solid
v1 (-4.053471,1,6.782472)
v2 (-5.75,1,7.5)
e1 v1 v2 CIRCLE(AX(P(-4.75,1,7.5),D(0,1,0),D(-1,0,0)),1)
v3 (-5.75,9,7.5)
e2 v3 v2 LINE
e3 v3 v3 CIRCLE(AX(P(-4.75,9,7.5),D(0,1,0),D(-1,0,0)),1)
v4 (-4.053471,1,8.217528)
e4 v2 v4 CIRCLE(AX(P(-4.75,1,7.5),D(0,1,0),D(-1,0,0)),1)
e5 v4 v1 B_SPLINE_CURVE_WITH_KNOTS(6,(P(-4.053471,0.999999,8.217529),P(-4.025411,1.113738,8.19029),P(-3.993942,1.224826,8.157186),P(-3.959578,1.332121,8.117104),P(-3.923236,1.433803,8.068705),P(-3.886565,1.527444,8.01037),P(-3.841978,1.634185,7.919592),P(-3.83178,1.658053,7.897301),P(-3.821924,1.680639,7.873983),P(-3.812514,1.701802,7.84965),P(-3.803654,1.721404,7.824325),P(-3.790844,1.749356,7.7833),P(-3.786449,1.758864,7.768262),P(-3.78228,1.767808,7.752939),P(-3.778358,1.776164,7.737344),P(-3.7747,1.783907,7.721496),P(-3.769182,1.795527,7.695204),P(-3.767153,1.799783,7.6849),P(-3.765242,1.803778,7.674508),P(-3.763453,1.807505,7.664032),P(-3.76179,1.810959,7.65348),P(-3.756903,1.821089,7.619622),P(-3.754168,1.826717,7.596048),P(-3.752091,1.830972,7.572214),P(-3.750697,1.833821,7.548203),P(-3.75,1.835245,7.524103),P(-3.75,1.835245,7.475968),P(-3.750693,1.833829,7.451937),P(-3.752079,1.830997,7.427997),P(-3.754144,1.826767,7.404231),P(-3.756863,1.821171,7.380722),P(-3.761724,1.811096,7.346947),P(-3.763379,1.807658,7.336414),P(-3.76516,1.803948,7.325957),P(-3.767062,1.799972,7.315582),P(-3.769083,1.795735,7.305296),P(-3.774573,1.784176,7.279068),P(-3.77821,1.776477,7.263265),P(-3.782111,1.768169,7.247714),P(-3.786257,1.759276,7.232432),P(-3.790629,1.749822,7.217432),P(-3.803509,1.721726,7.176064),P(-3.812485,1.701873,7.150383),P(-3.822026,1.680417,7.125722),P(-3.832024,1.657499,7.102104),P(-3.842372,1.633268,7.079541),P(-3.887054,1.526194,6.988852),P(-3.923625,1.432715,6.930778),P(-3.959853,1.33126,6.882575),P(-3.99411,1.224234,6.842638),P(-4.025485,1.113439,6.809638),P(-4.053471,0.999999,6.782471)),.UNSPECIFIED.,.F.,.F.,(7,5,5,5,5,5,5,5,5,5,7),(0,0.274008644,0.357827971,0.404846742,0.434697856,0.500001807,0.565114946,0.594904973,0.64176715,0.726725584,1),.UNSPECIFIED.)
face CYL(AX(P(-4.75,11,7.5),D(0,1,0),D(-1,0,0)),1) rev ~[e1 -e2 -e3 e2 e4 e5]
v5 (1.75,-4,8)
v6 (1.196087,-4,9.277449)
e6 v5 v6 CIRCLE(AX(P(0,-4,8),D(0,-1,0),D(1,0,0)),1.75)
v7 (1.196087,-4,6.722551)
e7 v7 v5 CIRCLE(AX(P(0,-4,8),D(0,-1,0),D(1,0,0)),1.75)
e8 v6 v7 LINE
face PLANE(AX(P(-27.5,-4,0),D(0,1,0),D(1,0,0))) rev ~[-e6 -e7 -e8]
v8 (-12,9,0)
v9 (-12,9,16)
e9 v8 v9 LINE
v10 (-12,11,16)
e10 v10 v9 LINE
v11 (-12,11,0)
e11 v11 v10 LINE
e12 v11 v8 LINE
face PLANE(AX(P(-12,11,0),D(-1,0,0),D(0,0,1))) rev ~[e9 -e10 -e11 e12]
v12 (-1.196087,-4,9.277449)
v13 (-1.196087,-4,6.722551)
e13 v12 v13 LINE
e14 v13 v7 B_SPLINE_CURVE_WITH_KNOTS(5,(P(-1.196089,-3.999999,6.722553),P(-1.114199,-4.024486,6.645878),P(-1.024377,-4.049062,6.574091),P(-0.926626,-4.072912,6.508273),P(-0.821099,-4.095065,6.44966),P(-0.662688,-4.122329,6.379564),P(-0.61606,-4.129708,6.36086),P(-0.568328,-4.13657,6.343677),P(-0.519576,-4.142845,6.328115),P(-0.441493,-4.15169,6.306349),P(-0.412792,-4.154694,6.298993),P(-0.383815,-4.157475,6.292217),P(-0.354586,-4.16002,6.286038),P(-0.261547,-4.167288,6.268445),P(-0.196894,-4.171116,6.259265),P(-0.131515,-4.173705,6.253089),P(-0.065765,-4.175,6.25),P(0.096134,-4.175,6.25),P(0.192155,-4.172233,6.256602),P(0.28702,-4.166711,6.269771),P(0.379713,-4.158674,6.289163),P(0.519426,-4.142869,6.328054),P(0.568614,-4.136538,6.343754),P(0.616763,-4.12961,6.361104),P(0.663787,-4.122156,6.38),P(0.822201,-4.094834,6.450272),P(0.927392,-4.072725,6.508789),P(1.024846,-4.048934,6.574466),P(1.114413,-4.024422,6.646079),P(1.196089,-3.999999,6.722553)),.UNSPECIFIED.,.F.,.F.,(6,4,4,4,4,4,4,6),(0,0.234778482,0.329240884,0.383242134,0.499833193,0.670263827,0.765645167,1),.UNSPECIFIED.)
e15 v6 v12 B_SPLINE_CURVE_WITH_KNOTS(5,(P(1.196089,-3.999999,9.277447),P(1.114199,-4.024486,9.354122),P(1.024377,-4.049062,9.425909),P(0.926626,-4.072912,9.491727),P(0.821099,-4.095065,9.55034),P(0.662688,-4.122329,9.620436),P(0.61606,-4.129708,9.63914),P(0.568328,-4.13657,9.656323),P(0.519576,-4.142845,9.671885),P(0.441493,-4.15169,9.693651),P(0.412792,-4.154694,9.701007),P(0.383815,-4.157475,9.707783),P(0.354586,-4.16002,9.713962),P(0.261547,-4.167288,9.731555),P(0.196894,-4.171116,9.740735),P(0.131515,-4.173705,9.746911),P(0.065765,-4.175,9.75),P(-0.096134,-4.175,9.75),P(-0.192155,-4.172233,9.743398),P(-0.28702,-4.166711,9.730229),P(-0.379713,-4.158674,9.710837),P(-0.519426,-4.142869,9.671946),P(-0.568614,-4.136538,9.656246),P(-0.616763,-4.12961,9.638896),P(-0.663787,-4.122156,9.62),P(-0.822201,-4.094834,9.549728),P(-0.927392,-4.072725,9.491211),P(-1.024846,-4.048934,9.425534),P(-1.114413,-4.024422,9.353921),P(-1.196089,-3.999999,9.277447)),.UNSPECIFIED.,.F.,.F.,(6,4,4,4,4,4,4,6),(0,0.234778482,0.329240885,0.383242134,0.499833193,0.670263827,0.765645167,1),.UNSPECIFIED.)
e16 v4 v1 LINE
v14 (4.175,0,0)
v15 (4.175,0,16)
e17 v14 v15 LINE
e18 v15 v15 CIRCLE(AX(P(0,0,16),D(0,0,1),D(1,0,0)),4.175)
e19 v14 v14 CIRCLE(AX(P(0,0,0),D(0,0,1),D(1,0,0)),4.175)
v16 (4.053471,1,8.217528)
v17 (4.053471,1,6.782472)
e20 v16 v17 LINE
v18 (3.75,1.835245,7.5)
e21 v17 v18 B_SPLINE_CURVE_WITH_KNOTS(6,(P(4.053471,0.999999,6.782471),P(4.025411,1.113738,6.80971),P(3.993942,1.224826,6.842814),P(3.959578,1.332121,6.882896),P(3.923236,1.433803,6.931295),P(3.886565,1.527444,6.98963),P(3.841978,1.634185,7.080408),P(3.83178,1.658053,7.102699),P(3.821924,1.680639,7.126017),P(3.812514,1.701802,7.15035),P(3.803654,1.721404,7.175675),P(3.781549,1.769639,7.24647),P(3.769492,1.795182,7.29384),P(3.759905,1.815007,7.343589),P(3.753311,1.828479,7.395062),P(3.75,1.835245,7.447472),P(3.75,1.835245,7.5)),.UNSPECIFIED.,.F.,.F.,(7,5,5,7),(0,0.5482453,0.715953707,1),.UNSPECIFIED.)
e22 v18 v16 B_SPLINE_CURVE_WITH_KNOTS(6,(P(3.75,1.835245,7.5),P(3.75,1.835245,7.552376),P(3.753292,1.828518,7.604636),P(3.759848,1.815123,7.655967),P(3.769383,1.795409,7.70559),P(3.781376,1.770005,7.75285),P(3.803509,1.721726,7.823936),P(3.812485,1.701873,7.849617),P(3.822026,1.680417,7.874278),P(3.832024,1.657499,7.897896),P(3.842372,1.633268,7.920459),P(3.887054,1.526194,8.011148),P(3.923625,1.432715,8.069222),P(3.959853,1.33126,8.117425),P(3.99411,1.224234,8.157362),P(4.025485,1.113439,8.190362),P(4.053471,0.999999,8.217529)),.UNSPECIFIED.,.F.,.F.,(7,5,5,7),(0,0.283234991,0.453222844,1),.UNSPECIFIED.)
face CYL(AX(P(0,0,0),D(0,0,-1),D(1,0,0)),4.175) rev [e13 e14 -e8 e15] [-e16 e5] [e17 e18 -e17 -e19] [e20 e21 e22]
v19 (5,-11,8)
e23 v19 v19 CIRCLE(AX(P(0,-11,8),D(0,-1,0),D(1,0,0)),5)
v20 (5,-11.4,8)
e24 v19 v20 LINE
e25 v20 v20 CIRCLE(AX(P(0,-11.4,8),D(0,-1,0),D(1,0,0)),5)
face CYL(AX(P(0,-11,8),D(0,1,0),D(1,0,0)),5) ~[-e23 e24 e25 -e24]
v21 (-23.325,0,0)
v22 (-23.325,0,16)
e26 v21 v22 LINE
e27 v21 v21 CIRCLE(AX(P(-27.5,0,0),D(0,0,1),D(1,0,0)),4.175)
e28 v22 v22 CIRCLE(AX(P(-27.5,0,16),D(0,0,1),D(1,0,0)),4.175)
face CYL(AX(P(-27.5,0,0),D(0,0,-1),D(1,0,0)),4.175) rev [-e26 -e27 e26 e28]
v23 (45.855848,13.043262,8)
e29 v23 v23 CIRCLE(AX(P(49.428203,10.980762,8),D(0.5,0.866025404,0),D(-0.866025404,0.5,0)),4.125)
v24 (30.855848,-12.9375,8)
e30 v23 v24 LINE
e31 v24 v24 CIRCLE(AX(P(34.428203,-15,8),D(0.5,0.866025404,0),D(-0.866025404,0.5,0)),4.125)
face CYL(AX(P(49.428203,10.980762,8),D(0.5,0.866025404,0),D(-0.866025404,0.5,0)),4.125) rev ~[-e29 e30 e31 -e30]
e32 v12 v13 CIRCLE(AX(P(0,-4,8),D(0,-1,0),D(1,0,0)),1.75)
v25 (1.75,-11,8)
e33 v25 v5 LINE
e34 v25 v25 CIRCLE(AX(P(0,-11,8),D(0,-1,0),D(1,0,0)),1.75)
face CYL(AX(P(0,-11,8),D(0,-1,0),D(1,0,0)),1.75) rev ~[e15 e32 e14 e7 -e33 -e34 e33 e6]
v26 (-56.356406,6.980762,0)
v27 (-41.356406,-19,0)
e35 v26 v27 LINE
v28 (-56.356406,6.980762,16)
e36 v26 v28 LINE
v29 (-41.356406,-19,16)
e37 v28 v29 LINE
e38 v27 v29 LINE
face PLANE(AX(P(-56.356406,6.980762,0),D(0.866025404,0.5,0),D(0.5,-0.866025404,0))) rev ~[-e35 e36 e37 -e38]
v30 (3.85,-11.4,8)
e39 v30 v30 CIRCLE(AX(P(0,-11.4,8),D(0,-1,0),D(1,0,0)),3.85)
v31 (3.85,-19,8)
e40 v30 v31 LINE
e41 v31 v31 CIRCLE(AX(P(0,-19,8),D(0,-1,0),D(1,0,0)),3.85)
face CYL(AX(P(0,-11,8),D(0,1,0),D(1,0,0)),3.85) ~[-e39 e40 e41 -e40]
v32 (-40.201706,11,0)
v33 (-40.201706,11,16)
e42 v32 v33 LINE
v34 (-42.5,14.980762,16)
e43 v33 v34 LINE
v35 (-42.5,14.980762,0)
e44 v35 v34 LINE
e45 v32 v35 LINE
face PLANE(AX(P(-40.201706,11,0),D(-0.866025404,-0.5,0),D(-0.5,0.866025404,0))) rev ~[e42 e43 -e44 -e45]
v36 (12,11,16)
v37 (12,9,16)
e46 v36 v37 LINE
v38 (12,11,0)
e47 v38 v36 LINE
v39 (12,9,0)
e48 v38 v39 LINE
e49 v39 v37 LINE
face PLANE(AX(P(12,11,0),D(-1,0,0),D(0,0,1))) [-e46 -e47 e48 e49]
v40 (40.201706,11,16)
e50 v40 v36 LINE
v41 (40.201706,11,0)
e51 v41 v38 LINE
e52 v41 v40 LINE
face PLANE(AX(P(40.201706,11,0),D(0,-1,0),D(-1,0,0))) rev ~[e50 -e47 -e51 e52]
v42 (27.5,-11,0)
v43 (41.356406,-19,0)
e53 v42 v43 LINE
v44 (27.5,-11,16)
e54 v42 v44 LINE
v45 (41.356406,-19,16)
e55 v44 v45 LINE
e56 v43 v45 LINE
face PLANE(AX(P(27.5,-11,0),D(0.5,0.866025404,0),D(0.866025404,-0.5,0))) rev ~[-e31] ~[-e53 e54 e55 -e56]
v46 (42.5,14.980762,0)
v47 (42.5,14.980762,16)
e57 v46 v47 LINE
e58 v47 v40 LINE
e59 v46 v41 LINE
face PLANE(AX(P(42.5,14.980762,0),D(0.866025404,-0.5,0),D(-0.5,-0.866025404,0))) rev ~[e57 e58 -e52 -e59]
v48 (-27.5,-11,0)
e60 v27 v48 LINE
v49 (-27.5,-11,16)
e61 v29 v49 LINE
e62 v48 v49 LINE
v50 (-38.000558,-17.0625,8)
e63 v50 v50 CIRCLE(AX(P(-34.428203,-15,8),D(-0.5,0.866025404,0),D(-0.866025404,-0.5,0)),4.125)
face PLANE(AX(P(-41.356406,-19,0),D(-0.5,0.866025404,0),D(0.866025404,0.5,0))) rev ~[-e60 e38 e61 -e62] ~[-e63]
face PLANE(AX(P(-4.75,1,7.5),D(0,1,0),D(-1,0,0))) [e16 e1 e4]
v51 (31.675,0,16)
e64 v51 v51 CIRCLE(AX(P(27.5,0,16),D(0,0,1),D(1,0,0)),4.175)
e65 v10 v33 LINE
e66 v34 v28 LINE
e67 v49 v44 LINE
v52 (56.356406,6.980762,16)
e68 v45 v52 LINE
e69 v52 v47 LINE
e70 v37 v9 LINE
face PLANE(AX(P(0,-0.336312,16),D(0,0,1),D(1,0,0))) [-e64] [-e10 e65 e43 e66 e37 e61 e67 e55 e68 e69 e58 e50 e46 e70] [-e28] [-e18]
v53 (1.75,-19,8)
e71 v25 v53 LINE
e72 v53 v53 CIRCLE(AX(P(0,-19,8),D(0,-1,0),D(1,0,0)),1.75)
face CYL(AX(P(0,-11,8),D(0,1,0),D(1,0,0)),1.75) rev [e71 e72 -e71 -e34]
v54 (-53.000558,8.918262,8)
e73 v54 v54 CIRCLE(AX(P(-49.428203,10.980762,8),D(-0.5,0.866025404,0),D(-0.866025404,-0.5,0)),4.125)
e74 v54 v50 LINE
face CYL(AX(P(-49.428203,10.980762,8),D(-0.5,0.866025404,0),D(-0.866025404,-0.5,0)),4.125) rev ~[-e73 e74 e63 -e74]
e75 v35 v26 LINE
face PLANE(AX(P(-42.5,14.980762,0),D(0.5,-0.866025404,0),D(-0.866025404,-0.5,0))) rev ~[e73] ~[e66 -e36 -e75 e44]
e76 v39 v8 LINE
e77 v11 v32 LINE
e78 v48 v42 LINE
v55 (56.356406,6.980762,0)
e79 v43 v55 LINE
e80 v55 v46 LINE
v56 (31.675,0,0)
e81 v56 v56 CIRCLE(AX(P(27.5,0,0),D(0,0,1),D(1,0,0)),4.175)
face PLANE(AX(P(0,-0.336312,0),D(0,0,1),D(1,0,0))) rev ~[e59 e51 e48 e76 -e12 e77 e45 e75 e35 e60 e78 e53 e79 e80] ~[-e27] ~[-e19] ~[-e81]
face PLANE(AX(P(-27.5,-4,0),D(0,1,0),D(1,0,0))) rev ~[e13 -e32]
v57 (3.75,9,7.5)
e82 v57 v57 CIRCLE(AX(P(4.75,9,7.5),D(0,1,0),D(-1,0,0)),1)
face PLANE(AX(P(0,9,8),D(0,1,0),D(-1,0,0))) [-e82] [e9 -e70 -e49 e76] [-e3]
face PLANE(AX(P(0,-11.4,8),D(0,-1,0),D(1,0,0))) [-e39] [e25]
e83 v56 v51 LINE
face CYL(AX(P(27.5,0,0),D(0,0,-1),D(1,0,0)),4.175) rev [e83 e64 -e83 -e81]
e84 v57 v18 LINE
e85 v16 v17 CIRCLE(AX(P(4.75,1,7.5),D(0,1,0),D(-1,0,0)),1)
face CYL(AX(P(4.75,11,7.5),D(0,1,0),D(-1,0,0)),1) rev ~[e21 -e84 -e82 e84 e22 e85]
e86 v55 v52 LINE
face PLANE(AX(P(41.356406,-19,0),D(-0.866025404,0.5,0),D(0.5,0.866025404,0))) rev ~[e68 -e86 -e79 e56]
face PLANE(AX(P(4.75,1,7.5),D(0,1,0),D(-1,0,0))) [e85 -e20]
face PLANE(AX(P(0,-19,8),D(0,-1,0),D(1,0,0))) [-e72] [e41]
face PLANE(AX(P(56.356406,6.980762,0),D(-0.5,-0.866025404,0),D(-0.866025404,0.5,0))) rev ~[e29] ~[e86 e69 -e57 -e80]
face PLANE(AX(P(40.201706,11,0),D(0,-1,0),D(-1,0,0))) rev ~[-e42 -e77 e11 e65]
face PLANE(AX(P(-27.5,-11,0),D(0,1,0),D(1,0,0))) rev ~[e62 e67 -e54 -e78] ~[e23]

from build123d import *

# Parameters (mm, degrees)
F0_R      = 4.175
F1_DEPTH  = 16
F2_R      = 4.125
F3_DEPTH  = 40
F4_R      = 4.125
F5_DEPTH  = 40
F6_R      = 3.85
F6_R_2    = 1.75
F7_DEPTH  = 8
F8_DEPTH  = 7
F6_R_3    = 5
F9_DEPTH  = 0.4
F10_R     = 1
F11_DEPTH = 10
F12_W     = 24
F12_H     = 16
F12_R     = 1
F13_DEPTH = 2


with BuildPart() as f1:
    # F0 (on Top) → F1 (new body)
    with BuildSketch(Plane.XY):
        Polygon((-42.5, 14.9807621135), (-56.3564064606, 6.9807621135), (-41.3564064606, -19), (-27.5, -11), (27.5, -11), (41.3564064606, -19), (56.3564064606, 6.9807621135), (42.5, 14.9807621135), (40.2017059222, 11), (0, 11), (-40.2017059222, 11), align=None)
        with Locations((-27.5, 0)):
            Circle(F0_R, mode=Mode.SUBTRACT)
        Circle(F0_R, mode=Mode.SUBTRACT)
        with Locations((27.5, 0)):
            Circle(F0_R, mode=Mode.SUBTRACT)
    extrude(amount=F1_DEPTH)

    # F2 (on face) → F3 (cut)
    with BuildSketch(Plane(origin=(17.1118602792, 29.6386114156, 0), x_dir=(-0.8660254038, 0.5, 0), z_dir=(0.5, 0.8660254038, 0))):
        with Locations((-37.3156986041, 8)):
            Circle(F2_R)
    extrude(amount=-F3_DEPTH, mode=Mode.SUBTRACT)

    # F4 (on face) → F5 (cut)
    with BuildSketch(Plane(origin=(-17.1118602792, 29.6386114156, 0), x_dir=(-0.8660254038, -0.5, 0), z_dir=(-0.5, 0.8660254038, 0))):
        with Locations((37.3156986041, 8)):
            Circle(F4_R)
    extrude(amount=-F5_DEPTH, mode=Mode.SUBTRACT)

    # F6 (on face) → F7 (join)
    with BuildSketch(Plane.XZ.offset(11)):
        with Locations((0, 8)):
            Circle(F6_R)
        with Locations((0, 8)):
            Circle(F6_R_2, mode=Mode.SUBTRACT)
    extrude(amount=F7_DEPTH)

    # F8 (cut): a face of the model
    f8_faces = [f1.faces().sort_by_distance(p)[0] for p in [
        (0, -11, 8),
    ]]
    extrude(f8_faces, amount=-F8_DEPTH, mode=Mode.SUBTRACT)

    # F6 (on face) → F9 (join)
    with BuildSketch(Plane.XZ.offset(11)):
        with Locations((0, 8)):
            Circle(F6_R_3)
        with Locations((0, 8)):
            Circle(F6_R, mode=Mode.SUBTRACT)
    extrude(amount=F9_DEPTH)

    # F10 (on face) → F11 (cut)
    with BuildSketch(Plane(origin=(0, 11, 0), x_dir=(-1, 0, 0), z_dir=(0, 1, 0))):
        with Locations((-4.75, 7.5)):
            Circle(F10_R)
        with Locations((4.75, 7.5)):
            Circle(F10_R)
    extrude(amount=-F11_DEPTH, mode=Mode.SUBTRACT)

    # F12 (on face) → F13 (cut)
    with BuildSketch(Plane(origin=(0, 11, 0), x_dir=(-1, 0, 0), z_dir=(0, 1, 0))):
        with Locations((0, 8)):
            Rectangle(F12_W, F12_H)
        with Locations((-4.75, 7.5)):
            Circle(F12_R, mode=Mode.SUBTRACT)
        with Locations((4.75, 7.5)):
            Circle(F12_R, mode=Mode.SUBTRACT)
    extrude(amount=-F13_DEPTH, mode=Mode.SUBTRACT)


solid = f1.part
